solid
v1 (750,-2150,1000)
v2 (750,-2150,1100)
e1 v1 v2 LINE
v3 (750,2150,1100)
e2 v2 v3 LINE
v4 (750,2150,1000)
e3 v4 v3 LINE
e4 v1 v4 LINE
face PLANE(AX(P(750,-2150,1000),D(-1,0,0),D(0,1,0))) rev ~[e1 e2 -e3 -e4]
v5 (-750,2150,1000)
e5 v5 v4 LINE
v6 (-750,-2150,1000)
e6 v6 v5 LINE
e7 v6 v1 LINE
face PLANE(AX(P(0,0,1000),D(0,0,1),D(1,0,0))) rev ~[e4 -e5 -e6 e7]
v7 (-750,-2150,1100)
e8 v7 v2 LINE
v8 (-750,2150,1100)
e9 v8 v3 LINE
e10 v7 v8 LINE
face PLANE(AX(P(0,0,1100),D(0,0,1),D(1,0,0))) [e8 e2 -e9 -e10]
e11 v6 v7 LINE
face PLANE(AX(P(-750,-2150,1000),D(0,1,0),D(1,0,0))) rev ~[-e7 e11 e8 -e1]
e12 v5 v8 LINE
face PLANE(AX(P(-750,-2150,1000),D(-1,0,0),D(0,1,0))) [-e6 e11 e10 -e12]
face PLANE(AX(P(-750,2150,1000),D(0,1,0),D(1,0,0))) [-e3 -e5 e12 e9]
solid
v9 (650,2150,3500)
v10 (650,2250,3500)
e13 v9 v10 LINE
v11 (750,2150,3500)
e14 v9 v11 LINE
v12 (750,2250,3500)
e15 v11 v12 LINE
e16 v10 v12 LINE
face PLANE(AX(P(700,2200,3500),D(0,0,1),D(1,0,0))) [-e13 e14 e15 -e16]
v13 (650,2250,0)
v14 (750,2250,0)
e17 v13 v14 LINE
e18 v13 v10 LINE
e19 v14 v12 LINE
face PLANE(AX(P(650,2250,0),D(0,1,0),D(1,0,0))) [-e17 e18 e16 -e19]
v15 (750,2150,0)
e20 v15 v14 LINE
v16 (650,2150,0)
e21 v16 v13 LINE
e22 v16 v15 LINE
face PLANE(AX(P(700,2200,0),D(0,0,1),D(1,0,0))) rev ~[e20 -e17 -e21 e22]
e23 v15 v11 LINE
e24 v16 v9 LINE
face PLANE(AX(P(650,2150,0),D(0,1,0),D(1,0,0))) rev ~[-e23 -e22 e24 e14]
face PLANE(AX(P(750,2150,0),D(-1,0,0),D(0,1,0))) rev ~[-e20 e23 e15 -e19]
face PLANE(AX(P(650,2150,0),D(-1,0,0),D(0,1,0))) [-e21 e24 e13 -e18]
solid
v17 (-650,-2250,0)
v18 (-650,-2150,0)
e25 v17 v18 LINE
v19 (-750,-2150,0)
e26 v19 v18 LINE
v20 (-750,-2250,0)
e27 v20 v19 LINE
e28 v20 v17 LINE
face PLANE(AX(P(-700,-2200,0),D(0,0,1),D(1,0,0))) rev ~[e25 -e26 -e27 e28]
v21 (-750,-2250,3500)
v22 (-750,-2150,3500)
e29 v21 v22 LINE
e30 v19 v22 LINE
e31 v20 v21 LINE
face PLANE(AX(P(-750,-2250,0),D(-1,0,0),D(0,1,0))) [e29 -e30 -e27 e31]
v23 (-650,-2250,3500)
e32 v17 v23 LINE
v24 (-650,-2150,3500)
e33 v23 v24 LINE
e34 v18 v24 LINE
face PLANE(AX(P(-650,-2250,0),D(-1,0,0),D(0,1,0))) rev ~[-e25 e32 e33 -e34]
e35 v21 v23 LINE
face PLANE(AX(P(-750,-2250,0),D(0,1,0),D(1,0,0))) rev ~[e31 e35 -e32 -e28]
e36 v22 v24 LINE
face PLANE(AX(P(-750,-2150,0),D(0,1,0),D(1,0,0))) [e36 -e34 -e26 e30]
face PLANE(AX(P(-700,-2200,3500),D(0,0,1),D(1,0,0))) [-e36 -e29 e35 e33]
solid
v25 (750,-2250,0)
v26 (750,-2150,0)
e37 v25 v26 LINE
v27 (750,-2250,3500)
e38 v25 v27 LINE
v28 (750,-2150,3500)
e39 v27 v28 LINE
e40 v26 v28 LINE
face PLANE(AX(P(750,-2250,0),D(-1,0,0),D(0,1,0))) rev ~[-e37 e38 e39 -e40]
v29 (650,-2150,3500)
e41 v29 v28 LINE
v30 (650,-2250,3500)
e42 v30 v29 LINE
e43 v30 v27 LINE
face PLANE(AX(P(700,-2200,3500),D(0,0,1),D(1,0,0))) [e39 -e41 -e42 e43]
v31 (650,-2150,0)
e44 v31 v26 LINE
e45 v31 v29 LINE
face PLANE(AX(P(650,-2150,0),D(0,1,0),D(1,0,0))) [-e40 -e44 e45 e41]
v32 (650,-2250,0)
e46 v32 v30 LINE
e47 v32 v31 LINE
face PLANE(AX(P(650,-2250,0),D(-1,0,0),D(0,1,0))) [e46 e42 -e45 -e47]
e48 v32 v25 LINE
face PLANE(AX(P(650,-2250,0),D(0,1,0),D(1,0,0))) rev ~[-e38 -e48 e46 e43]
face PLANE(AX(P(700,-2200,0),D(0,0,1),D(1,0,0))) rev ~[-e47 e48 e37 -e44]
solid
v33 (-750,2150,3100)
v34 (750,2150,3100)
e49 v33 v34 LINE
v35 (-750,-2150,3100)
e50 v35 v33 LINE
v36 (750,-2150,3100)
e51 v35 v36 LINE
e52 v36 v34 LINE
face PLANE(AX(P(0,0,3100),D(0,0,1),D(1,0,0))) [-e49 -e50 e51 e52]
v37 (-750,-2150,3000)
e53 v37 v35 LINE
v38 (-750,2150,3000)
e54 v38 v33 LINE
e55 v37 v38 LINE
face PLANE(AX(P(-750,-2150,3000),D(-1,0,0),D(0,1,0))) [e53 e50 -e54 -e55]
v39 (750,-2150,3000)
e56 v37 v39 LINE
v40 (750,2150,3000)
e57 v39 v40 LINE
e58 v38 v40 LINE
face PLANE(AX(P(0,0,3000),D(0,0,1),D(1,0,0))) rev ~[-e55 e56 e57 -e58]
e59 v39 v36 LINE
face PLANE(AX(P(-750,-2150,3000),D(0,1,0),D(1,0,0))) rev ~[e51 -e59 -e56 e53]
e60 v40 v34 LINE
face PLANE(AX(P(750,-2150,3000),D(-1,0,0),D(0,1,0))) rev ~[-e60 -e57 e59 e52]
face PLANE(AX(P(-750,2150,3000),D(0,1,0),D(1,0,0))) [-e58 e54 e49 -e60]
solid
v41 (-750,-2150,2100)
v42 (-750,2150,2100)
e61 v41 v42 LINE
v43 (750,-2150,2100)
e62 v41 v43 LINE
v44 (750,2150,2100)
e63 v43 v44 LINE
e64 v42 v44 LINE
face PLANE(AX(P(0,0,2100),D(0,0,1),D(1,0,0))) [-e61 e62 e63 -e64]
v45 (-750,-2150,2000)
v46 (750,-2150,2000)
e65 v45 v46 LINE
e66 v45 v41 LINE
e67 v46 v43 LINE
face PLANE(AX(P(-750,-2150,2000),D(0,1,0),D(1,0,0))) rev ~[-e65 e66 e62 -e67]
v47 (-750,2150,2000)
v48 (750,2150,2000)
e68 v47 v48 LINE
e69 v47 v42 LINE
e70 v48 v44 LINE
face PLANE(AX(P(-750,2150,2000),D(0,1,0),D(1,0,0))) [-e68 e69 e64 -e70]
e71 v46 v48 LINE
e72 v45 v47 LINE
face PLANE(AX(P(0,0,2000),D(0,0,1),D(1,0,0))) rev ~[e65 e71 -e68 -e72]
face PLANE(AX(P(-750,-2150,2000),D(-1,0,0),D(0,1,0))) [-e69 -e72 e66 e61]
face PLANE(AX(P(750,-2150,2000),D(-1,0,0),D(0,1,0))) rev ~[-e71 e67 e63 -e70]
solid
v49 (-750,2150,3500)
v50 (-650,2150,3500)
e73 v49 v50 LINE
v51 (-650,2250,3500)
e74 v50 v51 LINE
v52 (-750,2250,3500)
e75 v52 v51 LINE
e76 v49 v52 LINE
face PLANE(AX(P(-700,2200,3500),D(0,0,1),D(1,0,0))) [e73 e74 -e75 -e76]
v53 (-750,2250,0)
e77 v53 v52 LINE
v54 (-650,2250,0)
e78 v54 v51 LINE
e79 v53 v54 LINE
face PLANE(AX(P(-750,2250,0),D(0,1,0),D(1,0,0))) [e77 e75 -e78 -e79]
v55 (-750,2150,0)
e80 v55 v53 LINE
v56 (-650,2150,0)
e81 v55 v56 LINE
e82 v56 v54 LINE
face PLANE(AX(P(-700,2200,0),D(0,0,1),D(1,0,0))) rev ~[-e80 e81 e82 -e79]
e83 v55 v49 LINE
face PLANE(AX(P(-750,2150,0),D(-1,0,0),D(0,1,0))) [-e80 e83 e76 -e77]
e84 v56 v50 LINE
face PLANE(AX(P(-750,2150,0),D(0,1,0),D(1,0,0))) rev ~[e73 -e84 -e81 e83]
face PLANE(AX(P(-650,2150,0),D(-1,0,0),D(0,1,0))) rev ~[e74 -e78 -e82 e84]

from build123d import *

# Parameters (mm, degrees)
F3_W     = 100
F3_H     = 100
F7_DEPTH = 3500
F4_W     = 1500
F4_H     = 4300
F5_W     = 1500
F5_H     = 4300
F8_DEPTH = 100
F6_W     = 1500
F6_H     = 4300
F9_DEPTH = 100


with BuildPart() as f7:
    # F3 (on Top) → F7 (new body)
    with BuildSketch(Plane.XY):
        with Locations((-700, 2200)):
            Rectangle(F3_W, F3_H)
        with Locations((700, 2200)):
            Rectangle(F3_W, F3_H)
        with Locations((-700, -2200)):
            Rectangle(F3_W, F3_H)
        with Locations((700, -2200)):
            Rectangle(F3_W, F3_H)
    extrude(amount=F7_DEPTH)


with BuildPart() as f8:
    # F4 (on offset) + F5 (on offset) → F8 (new body)
    with BuildSketch(Plane.XY.offset(1000)):
        Rectangle(F4_W, F4_H)
    with BuildSketch(Plane.XY.offset(2000)):
        Rectangle(F5_W, F5_H)
    extrude(amount=F8_DEPTH)


with BuildPart() as f9:
    # F6 (on offset) → F9 (new body)
    with BuildSketch(Plane.XY.offset(3000)):
        Rectangle(F6_W, F6_H)
    extrude(amount=F9_DEPTH)


solid = Compound([f7.part, f8.part, f9.part])
